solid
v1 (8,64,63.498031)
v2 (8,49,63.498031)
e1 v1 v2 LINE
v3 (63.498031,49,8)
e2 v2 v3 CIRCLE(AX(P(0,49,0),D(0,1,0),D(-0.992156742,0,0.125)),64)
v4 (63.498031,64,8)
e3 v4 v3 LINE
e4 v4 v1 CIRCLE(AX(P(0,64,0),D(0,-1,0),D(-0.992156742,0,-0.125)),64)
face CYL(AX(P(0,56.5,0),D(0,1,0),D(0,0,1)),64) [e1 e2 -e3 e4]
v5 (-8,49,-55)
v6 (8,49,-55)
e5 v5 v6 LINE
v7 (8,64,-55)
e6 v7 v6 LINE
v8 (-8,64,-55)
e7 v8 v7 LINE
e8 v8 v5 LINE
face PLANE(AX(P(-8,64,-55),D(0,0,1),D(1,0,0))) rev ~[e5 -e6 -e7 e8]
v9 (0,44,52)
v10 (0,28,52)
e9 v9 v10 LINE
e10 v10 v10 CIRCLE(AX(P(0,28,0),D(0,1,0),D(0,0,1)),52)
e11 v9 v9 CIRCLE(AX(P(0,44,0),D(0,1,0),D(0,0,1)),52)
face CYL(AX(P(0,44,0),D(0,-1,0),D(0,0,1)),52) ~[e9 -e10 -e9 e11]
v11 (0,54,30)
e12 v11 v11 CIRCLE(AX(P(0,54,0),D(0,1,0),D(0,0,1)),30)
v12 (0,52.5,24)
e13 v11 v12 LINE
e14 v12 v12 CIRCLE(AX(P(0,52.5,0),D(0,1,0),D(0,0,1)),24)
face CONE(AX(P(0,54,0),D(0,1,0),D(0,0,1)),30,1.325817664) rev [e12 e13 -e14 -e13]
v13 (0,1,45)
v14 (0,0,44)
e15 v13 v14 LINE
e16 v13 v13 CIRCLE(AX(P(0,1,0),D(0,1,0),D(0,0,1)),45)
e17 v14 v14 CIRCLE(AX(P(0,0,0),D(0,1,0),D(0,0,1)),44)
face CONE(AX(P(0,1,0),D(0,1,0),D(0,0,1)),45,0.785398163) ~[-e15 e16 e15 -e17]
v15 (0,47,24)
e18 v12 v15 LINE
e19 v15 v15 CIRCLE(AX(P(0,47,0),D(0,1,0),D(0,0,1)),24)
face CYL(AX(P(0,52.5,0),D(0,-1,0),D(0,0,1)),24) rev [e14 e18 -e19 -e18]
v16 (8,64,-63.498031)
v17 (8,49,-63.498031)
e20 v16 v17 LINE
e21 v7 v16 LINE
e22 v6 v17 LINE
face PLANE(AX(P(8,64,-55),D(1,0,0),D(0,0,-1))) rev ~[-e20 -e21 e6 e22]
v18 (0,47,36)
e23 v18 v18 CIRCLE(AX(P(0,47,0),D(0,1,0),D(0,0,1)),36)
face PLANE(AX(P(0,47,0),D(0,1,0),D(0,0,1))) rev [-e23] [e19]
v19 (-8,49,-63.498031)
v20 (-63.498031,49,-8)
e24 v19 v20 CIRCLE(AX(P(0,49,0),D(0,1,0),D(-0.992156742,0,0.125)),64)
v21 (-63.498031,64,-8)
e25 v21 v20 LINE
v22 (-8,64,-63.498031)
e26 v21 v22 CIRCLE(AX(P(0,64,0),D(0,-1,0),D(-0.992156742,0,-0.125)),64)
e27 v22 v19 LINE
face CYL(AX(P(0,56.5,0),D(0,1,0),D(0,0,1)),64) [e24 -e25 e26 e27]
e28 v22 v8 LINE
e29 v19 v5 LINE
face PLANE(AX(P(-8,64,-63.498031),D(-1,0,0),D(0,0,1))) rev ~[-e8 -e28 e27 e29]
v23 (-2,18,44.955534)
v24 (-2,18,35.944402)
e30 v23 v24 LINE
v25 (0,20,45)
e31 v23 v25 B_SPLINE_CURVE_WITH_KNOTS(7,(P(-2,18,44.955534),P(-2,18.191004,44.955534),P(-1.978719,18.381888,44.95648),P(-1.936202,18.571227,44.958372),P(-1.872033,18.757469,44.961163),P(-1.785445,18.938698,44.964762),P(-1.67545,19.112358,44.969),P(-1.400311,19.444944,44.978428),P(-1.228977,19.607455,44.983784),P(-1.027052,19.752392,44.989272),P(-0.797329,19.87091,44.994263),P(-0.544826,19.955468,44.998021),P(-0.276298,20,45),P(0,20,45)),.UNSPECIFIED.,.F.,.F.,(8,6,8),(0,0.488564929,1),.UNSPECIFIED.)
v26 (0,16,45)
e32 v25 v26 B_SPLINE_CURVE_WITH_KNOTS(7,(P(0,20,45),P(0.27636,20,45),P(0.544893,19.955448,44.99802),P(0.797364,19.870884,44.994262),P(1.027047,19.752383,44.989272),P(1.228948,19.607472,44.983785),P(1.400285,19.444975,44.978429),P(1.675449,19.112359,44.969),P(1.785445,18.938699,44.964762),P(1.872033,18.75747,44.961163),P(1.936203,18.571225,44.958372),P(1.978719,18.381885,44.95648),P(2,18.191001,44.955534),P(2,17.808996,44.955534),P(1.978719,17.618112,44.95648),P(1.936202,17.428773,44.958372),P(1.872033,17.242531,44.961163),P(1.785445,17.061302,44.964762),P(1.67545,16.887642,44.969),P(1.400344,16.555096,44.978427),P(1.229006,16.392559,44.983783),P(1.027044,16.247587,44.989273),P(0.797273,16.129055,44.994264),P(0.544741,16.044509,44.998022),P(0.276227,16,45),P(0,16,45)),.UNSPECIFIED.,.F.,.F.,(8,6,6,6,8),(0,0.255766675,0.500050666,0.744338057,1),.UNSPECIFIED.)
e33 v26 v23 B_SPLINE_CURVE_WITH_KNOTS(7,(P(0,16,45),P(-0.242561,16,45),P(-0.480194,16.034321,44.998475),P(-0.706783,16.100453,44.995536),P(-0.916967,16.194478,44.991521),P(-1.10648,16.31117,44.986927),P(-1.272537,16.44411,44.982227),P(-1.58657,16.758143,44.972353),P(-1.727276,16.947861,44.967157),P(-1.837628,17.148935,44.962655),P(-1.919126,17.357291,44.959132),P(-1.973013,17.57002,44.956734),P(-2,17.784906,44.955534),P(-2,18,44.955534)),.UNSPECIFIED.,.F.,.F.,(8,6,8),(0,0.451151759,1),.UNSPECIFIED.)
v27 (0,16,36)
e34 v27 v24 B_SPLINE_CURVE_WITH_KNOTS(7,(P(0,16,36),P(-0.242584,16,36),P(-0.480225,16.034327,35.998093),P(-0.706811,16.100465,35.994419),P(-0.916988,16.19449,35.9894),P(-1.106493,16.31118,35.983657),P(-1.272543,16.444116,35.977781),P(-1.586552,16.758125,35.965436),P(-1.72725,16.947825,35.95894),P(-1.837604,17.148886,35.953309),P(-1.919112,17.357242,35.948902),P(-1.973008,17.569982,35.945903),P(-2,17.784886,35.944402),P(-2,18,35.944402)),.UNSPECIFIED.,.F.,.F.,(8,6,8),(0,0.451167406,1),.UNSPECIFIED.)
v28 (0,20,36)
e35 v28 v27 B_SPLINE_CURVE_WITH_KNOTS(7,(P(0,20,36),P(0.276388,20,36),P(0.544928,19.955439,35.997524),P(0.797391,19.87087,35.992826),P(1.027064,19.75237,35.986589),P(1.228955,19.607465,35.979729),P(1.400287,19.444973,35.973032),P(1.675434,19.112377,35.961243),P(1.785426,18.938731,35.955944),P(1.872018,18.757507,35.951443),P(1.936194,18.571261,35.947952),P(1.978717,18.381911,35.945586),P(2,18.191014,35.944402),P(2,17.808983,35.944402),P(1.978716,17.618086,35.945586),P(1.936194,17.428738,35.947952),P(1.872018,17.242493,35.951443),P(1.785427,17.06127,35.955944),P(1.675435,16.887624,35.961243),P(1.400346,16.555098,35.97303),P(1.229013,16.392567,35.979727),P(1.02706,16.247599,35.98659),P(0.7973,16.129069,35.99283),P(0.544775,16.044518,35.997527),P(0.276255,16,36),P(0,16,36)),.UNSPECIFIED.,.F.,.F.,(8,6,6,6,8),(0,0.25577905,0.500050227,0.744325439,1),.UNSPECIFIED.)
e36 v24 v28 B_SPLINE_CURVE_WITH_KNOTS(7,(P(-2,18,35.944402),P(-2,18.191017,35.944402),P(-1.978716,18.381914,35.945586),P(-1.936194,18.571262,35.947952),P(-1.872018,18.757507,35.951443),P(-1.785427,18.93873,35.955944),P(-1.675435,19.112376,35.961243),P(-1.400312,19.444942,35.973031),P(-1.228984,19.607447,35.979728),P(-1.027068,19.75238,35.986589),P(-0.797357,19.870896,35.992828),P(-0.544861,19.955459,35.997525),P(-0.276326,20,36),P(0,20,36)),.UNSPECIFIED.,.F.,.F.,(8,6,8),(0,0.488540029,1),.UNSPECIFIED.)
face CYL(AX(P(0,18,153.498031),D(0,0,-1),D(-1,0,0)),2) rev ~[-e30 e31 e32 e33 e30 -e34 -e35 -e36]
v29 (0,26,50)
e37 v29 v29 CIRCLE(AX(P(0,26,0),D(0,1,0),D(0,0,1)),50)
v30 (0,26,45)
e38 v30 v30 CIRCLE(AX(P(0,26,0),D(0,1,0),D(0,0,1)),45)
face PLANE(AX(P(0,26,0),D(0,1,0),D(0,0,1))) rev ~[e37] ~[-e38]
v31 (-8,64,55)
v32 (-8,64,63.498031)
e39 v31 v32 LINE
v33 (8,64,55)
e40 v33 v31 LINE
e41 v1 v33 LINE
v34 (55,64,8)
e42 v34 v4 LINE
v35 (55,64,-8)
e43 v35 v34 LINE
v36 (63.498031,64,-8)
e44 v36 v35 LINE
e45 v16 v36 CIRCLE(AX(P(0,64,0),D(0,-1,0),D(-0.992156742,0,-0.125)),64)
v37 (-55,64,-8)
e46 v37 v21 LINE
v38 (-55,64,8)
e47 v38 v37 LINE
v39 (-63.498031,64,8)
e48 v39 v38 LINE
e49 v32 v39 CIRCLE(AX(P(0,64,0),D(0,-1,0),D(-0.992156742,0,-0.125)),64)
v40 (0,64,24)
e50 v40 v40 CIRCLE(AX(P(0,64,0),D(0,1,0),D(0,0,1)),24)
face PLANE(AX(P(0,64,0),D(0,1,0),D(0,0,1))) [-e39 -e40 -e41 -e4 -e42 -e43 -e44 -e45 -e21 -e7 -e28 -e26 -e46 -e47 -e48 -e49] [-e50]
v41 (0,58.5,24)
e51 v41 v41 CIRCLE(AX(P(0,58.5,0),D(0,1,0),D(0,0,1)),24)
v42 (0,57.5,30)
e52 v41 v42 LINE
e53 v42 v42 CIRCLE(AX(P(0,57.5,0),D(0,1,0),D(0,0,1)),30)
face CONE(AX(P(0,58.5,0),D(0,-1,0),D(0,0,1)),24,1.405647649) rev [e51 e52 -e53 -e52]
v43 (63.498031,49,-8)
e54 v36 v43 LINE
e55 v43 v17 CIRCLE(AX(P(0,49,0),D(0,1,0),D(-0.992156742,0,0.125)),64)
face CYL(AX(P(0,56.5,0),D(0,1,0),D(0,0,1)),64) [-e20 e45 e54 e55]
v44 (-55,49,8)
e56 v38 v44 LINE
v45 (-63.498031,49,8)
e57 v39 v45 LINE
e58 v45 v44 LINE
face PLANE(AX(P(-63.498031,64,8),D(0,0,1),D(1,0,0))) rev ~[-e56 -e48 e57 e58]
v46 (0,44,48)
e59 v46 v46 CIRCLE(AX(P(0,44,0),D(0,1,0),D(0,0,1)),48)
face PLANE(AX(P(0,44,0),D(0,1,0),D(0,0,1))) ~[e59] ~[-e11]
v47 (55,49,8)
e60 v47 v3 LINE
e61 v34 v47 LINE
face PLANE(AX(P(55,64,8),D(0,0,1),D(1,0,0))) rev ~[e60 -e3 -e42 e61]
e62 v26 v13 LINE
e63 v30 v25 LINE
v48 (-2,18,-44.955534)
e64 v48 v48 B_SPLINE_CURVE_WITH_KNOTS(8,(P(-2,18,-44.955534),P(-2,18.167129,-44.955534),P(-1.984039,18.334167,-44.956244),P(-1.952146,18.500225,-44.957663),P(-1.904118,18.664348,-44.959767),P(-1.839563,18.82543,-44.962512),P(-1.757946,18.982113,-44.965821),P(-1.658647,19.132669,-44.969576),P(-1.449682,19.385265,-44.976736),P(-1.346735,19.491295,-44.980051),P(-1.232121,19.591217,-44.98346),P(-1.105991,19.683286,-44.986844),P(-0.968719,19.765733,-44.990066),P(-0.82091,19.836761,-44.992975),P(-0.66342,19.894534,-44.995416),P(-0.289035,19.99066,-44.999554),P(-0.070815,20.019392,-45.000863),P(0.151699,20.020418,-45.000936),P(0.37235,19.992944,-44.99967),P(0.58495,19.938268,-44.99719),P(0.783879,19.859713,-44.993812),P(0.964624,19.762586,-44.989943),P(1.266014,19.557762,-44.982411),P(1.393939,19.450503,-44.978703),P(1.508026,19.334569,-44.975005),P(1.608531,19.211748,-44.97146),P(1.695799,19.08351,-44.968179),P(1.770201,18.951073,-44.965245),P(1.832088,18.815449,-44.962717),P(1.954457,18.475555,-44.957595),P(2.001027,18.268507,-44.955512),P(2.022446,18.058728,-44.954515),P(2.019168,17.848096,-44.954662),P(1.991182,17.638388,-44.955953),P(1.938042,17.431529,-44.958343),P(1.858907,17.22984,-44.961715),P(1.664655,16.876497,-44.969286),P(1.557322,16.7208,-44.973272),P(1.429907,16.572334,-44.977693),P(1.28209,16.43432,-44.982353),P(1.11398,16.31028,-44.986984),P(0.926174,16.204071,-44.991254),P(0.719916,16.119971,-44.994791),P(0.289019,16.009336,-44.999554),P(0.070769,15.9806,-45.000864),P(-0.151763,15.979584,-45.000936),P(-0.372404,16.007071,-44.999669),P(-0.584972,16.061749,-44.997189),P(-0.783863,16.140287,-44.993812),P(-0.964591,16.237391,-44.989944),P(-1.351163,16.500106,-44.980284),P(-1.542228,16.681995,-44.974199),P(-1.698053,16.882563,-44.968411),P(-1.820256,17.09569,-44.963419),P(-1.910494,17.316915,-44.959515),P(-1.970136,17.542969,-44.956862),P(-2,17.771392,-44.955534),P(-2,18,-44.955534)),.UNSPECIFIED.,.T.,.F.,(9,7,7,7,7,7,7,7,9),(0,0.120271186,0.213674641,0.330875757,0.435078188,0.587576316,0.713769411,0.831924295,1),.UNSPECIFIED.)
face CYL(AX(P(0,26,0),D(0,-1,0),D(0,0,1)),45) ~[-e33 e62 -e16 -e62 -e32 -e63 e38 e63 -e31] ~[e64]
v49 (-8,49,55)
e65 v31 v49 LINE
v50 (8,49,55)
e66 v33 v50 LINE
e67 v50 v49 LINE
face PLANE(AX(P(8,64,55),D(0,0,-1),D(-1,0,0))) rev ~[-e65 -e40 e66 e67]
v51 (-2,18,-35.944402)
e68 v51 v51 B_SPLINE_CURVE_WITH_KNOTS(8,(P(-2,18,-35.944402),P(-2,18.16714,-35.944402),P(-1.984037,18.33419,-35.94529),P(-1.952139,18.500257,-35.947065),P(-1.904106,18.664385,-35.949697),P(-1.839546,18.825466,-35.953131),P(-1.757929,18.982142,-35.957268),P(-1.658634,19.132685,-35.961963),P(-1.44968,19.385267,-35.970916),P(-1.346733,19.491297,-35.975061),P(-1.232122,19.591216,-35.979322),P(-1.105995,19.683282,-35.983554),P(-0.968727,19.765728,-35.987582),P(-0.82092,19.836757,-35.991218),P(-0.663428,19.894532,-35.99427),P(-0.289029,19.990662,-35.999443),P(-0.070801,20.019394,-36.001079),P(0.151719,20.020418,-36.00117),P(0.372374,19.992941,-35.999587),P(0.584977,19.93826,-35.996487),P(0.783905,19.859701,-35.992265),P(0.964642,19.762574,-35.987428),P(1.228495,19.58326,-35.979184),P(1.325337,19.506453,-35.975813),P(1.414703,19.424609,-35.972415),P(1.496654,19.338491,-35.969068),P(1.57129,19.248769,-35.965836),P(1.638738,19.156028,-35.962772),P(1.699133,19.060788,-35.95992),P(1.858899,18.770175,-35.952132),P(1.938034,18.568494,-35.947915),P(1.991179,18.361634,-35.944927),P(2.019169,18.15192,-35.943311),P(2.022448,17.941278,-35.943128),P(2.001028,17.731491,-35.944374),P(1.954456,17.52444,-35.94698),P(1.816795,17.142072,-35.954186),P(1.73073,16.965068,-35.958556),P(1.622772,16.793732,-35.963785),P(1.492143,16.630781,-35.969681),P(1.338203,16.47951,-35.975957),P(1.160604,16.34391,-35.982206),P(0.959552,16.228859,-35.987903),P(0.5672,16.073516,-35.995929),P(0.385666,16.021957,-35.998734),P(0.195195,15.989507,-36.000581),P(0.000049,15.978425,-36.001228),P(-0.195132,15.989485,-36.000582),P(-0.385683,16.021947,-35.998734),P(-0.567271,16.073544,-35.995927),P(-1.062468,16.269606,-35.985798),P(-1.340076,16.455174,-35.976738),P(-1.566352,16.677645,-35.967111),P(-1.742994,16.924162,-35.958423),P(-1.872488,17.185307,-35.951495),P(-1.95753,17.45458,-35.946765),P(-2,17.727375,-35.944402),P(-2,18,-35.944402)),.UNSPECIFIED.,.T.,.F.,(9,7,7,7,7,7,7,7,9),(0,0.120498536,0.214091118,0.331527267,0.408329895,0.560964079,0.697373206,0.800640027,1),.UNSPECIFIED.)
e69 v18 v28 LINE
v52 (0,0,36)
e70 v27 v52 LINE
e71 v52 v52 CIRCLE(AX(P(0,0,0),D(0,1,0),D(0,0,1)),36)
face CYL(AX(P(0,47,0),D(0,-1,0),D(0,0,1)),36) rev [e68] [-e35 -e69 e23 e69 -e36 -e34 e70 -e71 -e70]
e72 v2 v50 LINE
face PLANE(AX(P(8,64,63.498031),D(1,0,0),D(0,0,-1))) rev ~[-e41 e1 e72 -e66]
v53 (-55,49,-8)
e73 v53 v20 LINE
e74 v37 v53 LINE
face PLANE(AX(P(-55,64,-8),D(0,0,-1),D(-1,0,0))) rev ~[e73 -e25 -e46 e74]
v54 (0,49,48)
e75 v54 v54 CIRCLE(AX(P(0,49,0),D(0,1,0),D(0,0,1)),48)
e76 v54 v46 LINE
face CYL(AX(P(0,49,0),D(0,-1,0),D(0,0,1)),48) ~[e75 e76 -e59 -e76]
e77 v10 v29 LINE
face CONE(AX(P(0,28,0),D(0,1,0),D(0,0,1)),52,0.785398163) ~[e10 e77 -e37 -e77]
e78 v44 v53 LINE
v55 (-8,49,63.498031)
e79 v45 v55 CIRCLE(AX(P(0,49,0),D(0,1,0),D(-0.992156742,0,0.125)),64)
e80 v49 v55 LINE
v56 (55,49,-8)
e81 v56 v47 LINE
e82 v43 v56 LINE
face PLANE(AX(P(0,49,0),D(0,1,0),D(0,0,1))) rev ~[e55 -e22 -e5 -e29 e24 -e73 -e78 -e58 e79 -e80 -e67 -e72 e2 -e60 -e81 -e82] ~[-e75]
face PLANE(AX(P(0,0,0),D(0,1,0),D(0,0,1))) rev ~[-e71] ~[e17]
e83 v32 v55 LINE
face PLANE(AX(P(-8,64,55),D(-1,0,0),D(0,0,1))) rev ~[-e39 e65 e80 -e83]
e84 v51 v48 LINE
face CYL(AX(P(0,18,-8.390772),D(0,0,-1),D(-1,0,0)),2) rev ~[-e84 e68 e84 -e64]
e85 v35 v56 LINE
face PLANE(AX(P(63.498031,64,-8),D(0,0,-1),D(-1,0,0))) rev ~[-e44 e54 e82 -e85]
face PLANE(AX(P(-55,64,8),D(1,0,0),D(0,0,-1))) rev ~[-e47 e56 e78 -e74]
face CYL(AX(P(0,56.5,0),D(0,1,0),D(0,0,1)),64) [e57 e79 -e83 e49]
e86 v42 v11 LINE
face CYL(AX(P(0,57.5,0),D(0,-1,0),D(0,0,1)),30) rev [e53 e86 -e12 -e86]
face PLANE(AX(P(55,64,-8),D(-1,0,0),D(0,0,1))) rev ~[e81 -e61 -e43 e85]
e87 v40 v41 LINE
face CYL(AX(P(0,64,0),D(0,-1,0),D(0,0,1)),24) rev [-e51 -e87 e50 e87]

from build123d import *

# Parameters (mm, degrees)
SKETCH_1_W                = 64
SKETCH_1_H                = 15
CUT_EXTRUDE_1_DEPTH       = 92.744209627
CUT_EXTRUDE_2_DEPTH       = 92.744209627
CUT_EXTRUDE_3_DEPTH       = 92.744209627
CUT_EXTRUDE_4_DEPTH       = 92.394748208
HOLE_WIZARD_4_0_4_1_D     = 4
HOLE_WIZARD_4_0_4_1_DEPTH = 27.553629954
HOLE_WIZARD_4_0_4_2_D     = 4
HOLE_WIZARD_4_0_4_2_DEPTH = 108.498031466
CHAMFER_1_SIZE            = 2
CHAMFER_2_SIZE            = 1


with BuildPart() as part:
    # Эскиз1 → Повернуть1 (revolve)
    with BuildSketch(Plane(origin=(0, 0, 0), x_dir=(-1, 0, 0), z_dir=(0, 0, -1)), mode=Mode.PRIVATE) as revolve_1_sk:
        with Locations((-32, 56.5)):
            Rectangle(SKETCH_1_W, SKETCH_1_H)
    revolve(revolve_1_sk.sketch.rotate(Axis((0, 49, 0), (0, 1, 0)), 270), axis=Axis((0, 49, 0), (0, 1, 0)))

    # Эскиз2 → Вырез-Вытянуть1 (cut, through all)
    with BuildSketch(Plane(origin=(0, 64, 0), x_dir=(-1, 0, 0), z_dir=(0, 1, 0))):
        with BuildLine():
            Line((63.498031466, 8), (55, 8))
            Line((55, 8), (55, -8))
            Line((55, -8), (63.498031466, -8))
            ThreePointArc((63.498031466, -8), (64, 0), (63.498031466, 8))
        make_face()
    extrude(amount=-CUT_EXTRUDE_1_DEPTH, mode=Mode.SUBTRACT)

    # Эскиз3 → Вырез-Вытянуть2 (cut, through all)
    with BuildSketch(Plane(origin=(0, 64, 0), x_dir=(-1, 0, 0), z_dir=(0, 1, 0))):
        with BuildLine():
            Line((8, -63.498031466), (8, -55))
            Line((8, -55), (-8, -55))
            Line((-8, -55), (-8, -63.498031466))
            ThreePointArc((-8, -63.498031466), (0, -64), (8, -63.498031466))
        make_face()
    extrude(amount=-CUT_EXTRUDE_2_DEPTH, mode=Mode.SUBTRACT)

    # Эскиз4 → Вырез-Вытянуть3 (cut, through all)
    with BuildSketch(Plane(origin=(0, 64, 0), x_dir=(-1, 0, 0), z_dir=(0, 1, 0))):
        with BuildLine():
            Line((-63.498031466, -8), (-55, -8))
            Line((-55, -8), (-55, 8))
            Line((-55, 8), (-63.498031466, 8))
            ThreePointArc((-63.498031466, 8), (-64, 0), (-63.498031466, -8))
        make_face()
    extrude(amount=-CUT_EXTRUDE_3_DEPTH, mode=Mode.SUBTRACT)

    # Эскиз5 → Вырез-Вытянуть4 (cut, through all)
    with BuildSketch(Plane(origin=(0, 64, 0), x_dir=(-1, 0, 0), z_dir=(0, 1, 0))):
        with BuildLine():
            Line((-8, 63.498031466), (-8, 55))
            Line((-8, 55), (8, 55))
            Line((8, 55), (8, 63.498031466))
            ThreePointArc((8, 63.498031466), (0, 64), (-8, 63.498031466))
        make_face()
    extrude(amount=-CUT_EXTRUDE_4_DEPTH, mode=Mode.SUBTRACT)

    # Эскиз6 → Повернуть2 (revolve)
    with BuildSketch(Plane(origin=(0, 0, 0), x_dir=(-1, 0, 0), z_dir=(0, 0, -1)), mode=Mode.PRIVATE) as revolve_2_sk:
        Polygon((-45, 0), (0, 0), (0, 49), (-48, 49), (-48, 44), (-52, 44), (-52, 26), (-45, 26), align=None)
    revolve(revolve_2_sk.sketch.rotate(Axis((0, 0, 0), (0, 1, 0)), 270), axis=Axis((0, 0, 0), (0, 1, 0)))

    # Эскиз7 → Вырез-Повернуть1 (revolve, cut)
    with BuildSketch(Plane(origin=(0, 0, 0), x_dir=(-1, 0, 0), z_dir=(0, 0, -1)), mode=Mode.PRIVATE) as cut_revolve_1_sk:
        Polygon((-36, 0), (0, 0), (0, 64), (-24, 64), (-24, 58.5), (-30, 57.5), (-30, 54), (-24, 52.5), (-24, 47), (-36, 47), align=None)
    revolve(cut_revolve_1_sk.sketch.rotate(Axis((0, 0, 0), (0, 1, 0)), 270), axis=Axis((0, 0, 0), (0, 1, 0)), mode=Mode.SUBTRACT)

    # Диаметр отверстия Ø4.0 (4)1
    with Locations(Plane.XY.offset(-35.944401511)):
        with Locations((0, 18)):
            Hole(HOLE_WIZARD_4_0_4_1_D / 2, depth=HOLE_WIZARD_4_0_4_1_DEPTH)

    # Диаметр отверстия Ø4.0 (4)2
    with Locations(Plane(origin=(0, 18, 45), x_dir=(1, 0, 0), z_dir=(0, 0, 1))):
        with Locations((0, 0)):
            Hole(HOLE_WIZARD_4_0_4_2_D / 2, depth=HOLE_WIZARD_4_0_4_2_DEPTH)

    # Фаска1
    chamfer_1_edges = [part.edges().sort_by_distance(p)[0] for p in [
        (0, 26, -52),
    ]]
    chamfer(chamfer_1_edges, length=CHAMFER_1_SIZE)

    # Фаска2
    chamfer_2_edges = [part.edges().sort_by_distance(p)[0] for p in [
        (0, 0, -45),
    ]]
    chamfer(chamfer_2_edges, length=CHAMFER_2_SIZE)


solid = part.part
